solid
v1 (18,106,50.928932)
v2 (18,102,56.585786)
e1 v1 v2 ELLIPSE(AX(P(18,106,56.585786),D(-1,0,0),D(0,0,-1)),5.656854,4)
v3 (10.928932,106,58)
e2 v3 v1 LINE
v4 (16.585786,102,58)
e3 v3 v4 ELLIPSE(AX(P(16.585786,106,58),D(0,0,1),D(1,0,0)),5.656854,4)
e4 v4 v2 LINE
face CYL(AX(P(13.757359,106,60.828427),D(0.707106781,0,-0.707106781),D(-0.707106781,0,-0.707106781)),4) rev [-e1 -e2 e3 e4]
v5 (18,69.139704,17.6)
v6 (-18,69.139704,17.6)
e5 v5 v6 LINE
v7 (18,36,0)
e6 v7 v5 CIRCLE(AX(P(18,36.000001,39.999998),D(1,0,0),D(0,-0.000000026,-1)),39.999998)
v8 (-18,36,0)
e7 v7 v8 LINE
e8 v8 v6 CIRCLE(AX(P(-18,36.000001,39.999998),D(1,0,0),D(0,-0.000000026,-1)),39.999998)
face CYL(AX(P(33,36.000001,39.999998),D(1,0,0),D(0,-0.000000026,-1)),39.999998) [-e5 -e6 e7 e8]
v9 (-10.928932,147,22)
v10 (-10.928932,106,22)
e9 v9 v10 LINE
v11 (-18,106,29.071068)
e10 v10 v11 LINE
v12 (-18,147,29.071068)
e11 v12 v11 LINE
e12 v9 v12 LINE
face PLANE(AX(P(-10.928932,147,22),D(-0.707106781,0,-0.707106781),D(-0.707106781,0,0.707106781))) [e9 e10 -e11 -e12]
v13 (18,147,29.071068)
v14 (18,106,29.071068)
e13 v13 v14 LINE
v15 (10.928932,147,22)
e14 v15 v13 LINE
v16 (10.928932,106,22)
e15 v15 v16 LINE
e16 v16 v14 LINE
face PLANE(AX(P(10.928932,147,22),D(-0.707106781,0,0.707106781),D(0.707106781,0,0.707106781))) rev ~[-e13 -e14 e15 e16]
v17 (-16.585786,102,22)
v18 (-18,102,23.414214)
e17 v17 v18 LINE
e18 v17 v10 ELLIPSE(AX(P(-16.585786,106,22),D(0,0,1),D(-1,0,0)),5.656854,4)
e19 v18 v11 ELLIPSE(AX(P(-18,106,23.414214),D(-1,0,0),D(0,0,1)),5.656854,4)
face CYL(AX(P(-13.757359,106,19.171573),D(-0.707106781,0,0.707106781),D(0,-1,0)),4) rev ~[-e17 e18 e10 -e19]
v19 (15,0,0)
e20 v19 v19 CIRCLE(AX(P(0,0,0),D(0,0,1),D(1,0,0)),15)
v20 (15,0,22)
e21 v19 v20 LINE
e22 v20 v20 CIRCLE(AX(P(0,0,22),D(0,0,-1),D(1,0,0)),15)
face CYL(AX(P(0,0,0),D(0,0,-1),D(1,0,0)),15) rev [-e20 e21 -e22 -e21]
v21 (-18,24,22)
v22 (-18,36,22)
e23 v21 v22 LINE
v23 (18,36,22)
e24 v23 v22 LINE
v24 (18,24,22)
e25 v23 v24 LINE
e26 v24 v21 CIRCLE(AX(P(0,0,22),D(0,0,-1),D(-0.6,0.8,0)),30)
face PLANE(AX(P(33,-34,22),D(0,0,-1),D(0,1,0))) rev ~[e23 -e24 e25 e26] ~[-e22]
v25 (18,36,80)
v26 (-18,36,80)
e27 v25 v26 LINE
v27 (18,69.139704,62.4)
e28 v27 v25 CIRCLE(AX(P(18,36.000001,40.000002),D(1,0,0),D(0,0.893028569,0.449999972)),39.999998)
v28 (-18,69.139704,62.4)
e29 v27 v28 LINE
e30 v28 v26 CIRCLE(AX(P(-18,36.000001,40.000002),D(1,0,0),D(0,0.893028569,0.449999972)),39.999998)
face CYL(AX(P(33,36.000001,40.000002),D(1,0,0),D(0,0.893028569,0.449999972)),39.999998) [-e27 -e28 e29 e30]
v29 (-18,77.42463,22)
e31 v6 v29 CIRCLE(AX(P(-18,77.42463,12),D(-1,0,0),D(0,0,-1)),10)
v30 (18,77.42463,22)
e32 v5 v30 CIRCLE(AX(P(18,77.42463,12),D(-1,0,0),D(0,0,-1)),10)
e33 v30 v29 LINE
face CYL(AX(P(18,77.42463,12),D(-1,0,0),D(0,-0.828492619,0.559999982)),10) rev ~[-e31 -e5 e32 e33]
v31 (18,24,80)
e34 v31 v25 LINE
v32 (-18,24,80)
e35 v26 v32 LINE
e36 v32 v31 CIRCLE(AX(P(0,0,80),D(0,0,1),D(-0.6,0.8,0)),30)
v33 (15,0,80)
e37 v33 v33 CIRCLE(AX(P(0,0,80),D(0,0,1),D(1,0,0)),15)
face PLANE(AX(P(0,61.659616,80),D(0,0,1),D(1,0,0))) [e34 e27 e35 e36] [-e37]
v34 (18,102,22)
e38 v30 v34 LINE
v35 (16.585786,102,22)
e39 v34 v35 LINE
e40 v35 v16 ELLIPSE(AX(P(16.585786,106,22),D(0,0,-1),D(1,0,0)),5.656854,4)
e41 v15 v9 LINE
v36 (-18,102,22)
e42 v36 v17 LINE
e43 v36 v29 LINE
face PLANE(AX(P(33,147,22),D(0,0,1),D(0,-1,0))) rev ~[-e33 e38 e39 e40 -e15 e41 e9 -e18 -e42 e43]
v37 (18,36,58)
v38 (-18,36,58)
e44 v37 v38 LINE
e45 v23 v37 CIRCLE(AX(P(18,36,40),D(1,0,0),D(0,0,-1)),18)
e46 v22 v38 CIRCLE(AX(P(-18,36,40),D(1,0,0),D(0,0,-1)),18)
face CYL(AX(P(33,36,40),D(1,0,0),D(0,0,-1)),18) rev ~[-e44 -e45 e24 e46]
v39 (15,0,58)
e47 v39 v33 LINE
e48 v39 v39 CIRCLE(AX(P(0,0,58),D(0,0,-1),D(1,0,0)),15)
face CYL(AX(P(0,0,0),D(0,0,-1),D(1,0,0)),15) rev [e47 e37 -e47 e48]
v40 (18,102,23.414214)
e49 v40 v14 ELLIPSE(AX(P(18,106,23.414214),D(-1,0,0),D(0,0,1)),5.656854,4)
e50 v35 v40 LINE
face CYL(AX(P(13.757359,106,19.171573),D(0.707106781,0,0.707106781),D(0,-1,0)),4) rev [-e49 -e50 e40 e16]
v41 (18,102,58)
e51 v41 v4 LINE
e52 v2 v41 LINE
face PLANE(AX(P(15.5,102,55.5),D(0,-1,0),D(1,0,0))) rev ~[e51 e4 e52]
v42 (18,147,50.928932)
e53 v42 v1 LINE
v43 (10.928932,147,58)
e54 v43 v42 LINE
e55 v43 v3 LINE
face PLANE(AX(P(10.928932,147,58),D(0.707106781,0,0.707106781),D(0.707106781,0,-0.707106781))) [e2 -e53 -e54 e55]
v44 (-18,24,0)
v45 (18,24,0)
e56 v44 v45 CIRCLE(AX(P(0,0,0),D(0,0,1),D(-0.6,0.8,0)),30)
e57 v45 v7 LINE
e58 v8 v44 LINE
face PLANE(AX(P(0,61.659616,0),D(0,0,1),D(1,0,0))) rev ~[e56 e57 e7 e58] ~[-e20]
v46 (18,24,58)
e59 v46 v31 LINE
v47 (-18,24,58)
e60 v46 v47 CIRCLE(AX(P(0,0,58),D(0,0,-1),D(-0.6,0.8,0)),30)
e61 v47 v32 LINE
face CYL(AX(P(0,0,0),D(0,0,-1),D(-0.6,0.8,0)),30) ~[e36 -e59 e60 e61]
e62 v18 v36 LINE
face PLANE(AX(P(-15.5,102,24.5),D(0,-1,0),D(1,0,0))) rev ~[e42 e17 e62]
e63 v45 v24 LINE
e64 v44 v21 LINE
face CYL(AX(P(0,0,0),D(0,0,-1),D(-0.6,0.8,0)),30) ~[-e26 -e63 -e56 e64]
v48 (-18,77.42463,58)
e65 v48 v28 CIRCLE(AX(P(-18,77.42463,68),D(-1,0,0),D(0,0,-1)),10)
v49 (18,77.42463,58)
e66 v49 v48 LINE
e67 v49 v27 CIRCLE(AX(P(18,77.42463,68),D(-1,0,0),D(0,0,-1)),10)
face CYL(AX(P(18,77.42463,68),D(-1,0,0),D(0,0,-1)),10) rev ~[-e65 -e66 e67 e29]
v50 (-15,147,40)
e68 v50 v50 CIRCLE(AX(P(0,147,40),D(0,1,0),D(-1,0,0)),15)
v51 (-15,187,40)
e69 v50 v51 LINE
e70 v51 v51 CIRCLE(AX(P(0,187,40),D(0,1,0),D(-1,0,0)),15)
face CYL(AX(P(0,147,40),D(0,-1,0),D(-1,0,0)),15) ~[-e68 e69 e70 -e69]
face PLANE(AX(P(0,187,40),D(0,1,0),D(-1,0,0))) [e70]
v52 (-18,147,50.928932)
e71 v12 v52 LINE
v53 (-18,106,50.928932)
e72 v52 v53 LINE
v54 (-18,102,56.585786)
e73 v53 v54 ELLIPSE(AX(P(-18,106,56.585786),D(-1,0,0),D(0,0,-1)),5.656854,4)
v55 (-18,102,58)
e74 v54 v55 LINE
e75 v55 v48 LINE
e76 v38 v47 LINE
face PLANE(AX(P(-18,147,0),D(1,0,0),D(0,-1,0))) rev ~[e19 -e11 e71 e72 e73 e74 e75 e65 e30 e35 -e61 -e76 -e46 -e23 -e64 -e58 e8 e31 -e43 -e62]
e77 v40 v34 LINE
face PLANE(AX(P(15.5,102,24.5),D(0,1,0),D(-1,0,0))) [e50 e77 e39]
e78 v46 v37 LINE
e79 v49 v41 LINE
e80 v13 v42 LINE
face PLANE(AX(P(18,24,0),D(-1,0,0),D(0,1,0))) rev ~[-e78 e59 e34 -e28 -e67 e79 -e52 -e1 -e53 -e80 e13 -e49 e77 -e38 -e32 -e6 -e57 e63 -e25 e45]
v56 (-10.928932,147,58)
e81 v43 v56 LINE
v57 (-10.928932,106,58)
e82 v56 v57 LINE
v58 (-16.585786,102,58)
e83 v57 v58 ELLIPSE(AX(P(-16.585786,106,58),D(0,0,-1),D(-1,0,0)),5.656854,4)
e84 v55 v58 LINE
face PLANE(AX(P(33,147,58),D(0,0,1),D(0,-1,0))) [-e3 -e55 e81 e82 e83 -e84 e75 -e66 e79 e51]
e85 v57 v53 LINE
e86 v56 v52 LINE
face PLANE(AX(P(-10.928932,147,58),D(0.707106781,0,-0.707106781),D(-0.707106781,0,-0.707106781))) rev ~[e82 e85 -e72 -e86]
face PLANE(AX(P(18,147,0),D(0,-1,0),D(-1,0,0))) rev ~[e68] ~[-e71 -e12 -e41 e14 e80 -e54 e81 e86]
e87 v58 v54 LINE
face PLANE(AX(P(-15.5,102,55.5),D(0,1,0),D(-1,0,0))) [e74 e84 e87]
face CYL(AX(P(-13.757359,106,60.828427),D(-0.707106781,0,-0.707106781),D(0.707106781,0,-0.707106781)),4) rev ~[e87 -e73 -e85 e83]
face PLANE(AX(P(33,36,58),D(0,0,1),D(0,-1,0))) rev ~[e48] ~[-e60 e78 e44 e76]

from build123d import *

# Parameters (mm, degrees)
SKETCH_R        = 15
PAD_DEPTH       = 80
POCKET_DEPTH    = 63.001
FILLET_R        = 10
POCKET001_DEPTH = 45
FILLET001_R     = 4
SKETCH003_R     = 15
PAD001_DEPTH    = 40


with BuildPart() as part:
    # Sketch → Pad (new body)
    with BuildSketch(Plane.XY):
        with BuildLine():
            ThreePointArc((-18, 24), (0, -30), (18, 24))
            Line((18, 24), (18, 147))
            Line((18, 147), (-18, 147))
            Line((-18, 147), (-18, 24))
        make_face()
        Circle(SKETCH_R, mode=Mode.SUBTRACT)
    extrude(amount=PAD_DEPTH)

    # Sketch001 (on Face2 of Pad) → Pocket (cut, through all)
    with BuildSketch(Plane(origin=(33, 0, 40), x_dir=(0, 1, 0), z_dir=(1, 0, 0))):
        with BuildLine():
            Line((-34, -18), (36, -18))
            ThreePointArc((36, -18), (54, 0), (36, 18))
            Line((36, 18), (-34, 18))
            Line((-34, 18), (-34, -18))
        make_face()
        with BuildLine():
            ThreePointArc((36, -40), (56.976177, -34.058773), (71.721142, -18))
            Line((147, -18), (71.721142, -18))
            Line((147, -18), (147, -40))
            Line((147, -40), (36, -40))
        make_face()
        with BuildLine():
            Line((147, 18), (71.721142, 18))
            ThreePointArc((71.721142, 18), (56.976177, 34.058773), (36, 40))
            Line((147, 40), (36, 40))
            Line((147, 18), (147, 40))
        make_face()
    extrude(amount=-POCKET_DEPTH, mode=Mode.SUBTRACT)

    # Fillet
    fillet_edges = [part.edges().sort_by_distance(p)[0] for p in [
        (0, 71.721142, 58),
        (0, 71.721142, 22),
    ]]
    fillet(fillet_edges, radius=FILLET_R)

    # Sketch002 (on Face7 of Fillet) → Pocket001 (cut)
    with BuildSketch(Plane(origin=(0, 147, 0), x_dir=(-1, 0, 0), z_dir=(0, 1, 0))):
        Polygon((-18, 58), (-10.928932, 58), (-18, 50.928932), align=None)
        Polygon((-18, 22), (-10.928932, 22), (-18, 29.071068), align=None)
        Polygon((18, 22), (10.928932, 22), (18, 29.071068), align=None)
        Polygon((18, 58), (10.928932, 58), (18, 50.928932), align=None)
    extrude(amount=-POCKET001_DEPTH, mode=Mode.SUBTRACT)

    # Fillet001
    fillet001_edges = [part.edges().sort_by_distance(p)[0] for p in [
        (-14.464466, 102, 25.535534),
        (14.464466, 102, 25.535534),
        (-14.464466, 102, 54.464466),
        (14.464466, 102, 54.464466),
    ]]
    fillet(fillet001_edges, radius=FILLET001_R)

    # Sketch003 (on Face7 of Fillet001) → Pad001 (join)
    with BuildSketch(Plane(origin=(0, 147, 40), x_dir=(-1, 0, 0), z_dir=(0, 1, 0))):
        Circle(SKETCH003_R)
    extrude(amount=PAD001_DEPTH)


solid = part.part
